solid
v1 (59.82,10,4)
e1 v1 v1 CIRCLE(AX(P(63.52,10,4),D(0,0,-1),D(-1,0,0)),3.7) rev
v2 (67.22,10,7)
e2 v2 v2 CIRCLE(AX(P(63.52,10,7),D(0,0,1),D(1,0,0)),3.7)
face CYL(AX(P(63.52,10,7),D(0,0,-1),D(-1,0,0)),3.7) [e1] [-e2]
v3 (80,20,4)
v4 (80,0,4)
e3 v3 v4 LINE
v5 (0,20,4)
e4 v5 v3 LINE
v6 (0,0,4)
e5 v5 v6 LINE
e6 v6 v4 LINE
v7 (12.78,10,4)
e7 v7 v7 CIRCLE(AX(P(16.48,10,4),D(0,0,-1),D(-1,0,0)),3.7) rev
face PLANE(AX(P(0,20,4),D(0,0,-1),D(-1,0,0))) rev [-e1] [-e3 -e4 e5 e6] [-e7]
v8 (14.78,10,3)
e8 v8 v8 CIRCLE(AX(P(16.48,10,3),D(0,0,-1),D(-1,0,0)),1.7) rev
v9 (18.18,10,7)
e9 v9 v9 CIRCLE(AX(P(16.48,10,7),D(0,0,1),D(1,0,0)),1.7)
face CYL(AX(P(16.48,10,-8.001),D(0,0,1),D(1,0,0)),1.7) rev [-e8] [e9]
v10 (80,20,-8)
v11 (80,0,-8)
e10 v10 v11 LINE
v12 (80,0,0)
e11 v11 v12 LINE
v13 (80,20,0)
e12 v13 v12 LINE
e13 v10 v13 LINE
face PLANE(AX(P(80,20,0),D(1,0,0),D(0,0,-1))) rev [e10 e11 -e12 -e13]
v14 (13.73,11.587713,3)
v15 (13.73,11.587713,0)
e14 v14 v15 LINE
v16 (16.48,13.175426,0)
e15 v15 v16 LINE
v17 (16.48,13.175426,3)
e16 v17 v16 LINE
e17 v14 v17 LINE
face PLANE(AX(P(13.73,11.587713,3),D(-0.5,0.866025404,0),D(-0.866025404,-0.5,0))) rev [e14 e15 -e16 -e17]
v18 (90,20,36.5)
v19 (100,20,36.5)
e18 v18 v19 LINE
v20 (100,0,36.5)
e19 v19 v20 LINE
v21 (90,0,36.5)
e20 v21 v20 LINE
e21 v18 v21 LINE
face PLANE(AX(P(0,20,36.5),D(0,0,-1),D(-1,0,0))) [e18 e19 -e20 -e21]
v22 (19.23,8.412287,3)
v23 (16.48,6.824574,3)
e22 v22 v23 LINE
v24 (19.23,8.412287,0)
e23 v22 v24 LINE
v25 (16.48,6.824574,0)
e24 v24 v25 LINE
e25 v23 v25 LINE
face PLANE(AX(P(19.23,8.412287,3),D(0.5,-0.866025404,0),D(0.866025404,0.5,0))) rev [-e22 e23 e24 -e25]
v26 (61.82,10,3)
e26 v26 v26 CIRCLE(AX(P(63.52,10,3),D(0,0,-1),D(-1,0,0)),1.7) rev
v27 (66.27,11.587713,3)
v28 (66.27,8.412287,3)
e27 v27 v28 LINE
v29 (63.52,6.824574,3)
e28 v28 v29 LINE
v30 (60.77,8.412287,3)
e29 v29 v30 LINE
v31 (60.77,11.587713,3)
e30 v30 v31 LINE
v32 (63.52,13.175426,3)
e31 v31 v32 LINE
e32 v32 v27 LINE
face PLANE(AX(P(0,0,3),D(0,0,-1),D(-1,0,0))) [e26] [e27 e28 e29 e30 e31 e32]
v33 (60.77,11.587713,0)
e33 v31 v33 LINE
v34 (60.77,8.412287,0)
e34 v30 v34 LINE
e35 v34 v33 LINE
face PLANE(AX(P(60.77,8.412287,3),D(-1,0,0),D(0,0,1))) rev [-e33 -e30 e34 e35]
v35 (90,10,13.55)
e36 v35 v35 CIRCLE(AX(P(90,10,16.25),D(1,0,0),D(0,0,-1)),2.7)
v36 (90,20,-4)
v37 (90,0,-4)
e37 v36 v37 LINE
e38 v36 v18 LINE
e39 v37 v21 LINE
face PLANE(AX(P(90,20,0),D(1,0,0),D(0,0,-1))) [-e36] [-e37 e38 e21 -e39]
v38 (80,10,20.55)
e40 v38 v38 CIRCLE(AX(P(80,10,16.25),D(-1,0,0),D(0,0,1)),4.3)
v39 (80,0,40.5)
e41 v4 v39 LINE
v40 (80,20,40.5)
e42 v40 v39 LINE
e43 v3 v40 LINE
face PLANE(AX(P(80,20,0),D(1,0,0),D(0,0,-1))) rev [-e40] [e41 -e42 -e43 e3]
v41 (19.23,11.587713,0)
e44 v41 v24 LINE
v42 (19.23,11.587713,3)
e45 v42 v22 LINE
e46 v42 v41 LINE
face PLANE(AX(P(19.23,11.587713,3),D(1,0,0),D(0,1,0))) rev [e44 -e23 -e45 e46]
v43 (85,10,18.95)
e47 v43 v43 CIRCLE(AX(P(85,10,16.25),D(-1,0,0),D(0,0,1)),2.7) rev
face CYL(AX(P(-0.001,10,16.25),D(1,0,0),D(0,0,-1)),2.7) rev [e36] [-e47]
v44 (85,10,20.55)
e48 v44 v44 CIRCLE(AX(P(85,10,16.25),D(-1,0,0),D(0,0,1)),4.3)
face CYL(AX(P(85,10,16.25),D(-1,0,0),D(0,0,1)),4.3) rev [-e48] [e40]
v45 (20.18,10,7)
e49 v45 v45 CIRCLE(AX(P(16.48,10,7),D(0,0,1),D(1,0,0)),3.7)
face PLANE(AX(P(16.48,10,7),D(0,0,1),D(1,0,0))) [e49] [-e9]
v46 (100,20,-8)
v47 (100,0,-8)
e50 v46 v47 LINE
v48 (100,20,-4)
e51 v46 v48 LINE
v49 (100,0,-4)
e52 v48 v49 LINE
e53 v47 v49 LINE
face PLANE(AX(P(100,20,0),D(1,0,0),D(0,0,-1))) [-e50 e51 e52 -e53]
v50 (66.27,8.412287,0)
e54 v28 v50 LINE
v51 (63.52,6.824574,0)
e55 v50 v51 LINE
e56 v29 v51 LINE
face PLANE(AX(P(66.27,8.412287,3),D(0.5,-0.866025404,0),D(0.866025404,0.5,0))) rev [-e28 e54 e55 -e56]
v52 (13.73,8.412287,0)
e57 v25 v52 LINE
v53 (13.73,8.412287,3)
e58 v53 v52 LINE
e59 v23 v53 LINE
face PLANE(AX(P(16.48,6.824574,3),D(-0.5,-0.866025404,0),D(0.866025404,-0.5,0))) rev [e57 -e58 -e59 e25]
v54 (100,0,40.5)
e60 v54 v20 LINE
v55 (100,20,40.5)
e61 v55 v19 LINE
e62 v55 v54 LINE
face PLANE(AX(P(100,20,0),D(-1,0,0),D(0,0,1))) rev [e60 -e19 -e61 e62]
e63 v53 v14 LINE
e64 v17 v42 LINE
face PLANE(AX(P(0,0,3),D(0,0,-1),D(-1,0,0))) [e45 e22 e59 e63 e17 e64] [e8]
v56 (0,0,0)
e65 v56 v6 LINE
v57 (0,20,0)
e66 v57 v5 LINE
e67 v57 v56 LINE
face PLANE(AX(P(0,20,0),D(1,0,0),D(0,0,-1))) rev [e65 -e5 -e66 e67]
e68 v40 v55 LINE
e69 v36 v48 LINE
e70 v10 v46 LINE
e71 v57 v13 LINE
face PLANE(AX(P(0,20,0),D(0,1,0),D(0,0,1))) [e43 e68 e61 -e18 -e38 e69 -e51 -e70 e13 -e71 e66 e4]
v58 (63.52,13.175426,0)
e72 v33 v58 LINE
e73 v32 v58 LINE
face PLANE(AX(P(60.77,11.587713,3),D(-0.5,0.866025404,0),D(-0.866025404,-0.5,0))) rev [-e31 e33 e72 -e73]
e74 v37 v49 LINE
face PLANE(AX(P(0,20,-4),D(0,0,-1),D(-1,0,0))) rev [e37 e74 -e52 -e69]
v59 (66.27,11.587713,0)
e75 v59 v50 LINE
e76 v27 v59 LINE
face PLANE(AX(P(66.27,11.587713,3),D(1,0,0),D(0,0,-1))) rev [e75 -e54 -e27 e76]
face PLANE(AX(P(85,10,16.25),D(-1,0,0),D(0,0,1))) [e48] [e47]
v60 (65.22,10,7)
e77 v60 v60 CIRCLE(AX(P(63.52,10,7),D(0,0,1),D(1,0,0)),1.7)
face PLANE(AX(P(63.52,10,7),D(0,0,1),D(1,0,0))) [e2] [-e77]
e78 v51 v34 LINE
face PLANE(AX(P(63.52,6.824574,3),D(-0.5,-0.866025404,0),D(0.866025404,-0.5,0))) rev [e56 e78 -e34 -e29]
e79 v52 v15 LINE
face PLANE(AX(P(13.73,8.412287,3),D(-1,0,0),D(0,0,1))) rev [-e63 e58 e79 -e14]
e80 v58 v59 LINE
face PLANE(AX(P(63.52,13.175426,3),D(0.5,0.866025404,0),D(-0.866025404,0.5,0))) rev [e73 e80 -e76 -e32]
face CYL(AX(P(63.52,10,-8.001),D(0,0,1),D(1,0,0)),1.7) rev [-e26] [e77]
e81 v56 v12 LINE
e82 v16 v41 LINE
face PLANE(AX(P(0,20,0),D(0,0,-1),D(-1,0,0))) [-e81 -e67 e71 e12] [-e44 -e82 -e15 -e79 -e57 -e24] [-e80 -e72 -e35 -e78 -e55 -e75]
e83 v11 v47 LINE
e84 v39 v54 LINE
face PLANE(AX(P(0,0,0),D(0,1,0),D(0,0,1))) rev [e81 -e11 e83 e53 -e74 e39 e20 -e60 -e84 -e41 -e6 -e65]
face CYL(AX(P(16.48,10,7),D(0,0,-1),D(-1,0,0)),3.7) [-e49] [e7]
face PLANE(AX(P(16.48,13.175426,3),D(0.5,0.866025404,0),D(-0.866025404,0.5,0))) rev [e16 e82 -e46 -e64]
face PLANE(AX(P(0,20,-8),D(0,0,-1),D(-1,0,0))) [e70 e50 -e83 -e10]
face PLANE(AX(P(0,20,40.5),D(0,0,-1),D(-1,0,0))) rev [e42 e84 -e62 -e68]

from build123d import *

# Parameters (mm, degrees)
SKETCH1_W           = 80
SKETCH1_H           = 4
SKETCH1_W_2         = 10
BOSS_EXTRUDE1_DEPTH = 20
CUT_EXTRUDE2_REACH  = 92
SKETCH2_R           = 2.7
CUT_EXTRUDE3_REACH  = 14
SKETCH4_R           = 1.7
SKETCH5_R           = 3.7
SKETCH5_R_2         = 1.7
BOSS_EXTRUDE2_DEPTH = 3
SKETCH6_R           = 4.3
CUT_EXTRUDE4_DEPTH  = 5
CUT_EXTRUDE5_DEPTH  = 3


with BuildPart() as part:
    # Sketch1 → Boss-Extrude1 (new body)
    with BuildSketch(Plane(origin=(0, 0, 0), x_dir=(1, 0, 0), z_dir=(0, 1, 0))):
        with Locations((40, -2)):
            Rectangle(SKETCH1_W, SKETCH1_H)
        Polygon((80, 8), (80, 0), (80, -4), (80, -40.5), (90, -40.5), (90, -36.5), (90, 4), (90, 8), align=None)
        with Locations((95, 6)):
            Rectangle(SKETCH1_W_2, SKETCH1_H)
        with Locations((95, -38.5)):
            Rectangle(SKETCH1_W_2, SKETCH1_H)
    extrude(amount=BOSS_EXTRUDE1_DEPTH)

    # Sketch2 → Cut-Extrude2 (cut, up to next)
    with BuildSketch(Plane(origin=(90, 0, 0), x_dir=(0, 0, -1), z_dir=(1, 0, 0)), mode=Mode.PRIVATE) as cut_extrude2_sk1:
        with Locations((-16.25, 10)):
            Circle(SKETCH2_R)
    cut_extrude2_tool1 = extrude(cut_extrude2_sk1.sketch, amount=-CUT_EXTRUDE2_REACH, mode=Mode.PRIVATE) & part.part
    add(cut_extrude2_tool1.solids().sort_by_distance((90, 10, 16.25))[0], mode=Mode.SUBTRACT)

    # Sketch4 → Cut-Extrude3 (cut, up to next)
    with BuildSketch(Plane.XY.offset(4), mode=Mode.PRIVATE) as cut_extrude3_sk1:
        with Locations((16.48, 10)):
            Circle(SKETCH4_R)
    cut_extrude3_tool1 = extrude(cut_extrude3_sk1.sketch, amount=-CUT_EXTRUDE3_REACH, mode=Mode.PRIVATE) & part.part
    add(cut_extrude3_tool1.solids().sort_by_distance((16.48, 10, 4))[0], mode=Mode.SUBTRACT)
    # Sketch4 → Cut-Extrude3 (cut, up to next)
    with BuildSketch(Plane.XY.offset(4), mode=Mode.PRIVATE) as cut_extrude3_sk2:
        with Locations((63.52, 10)):
            Circle(SKETCH4_R)
    cut_extrude3_tool2 = extrude(cut_extrude3_sk2.sketch, amount=-CUT_EXTRUDE3_REACH, mode=Mode.PRIVATE) & part.part
    add(cut_extrude3_tool2.solids().sort_by_distance((63.52, 10, 4))[0], mode=Mode.SUBTRACT)

    # Sketch5 → Boss-Extrude2 (add)
    with BuildSketch(Plane.XY.offset(4)):
        with Locations((16.48, 10)):
            Circle(SKETCH5_R)
        with Locations((16.48, 10)):
            Circle(SKETCH5_R_2, mode=Mode.SUBTRACT)
        with Locations((63.52, 10)):
            Circle(SKETCH5_R)
        with Locations((63.52, 10)):
            Circle(SKETCH5_R_2, mode=Mode.SUBTRACT)
    extrude(amount=BOSS_EXTRUDE2_DEPTH)

    # Sketch6 → Cut-Extrude4 (cut)
    with BuildSketch(Plane.ZY.offset(-80)):
        with Locations((16.25, 10)):
            Circle(SKETCH6_R)
    extrude(amount=-CUT_EXTRUDE4_DEPTH, mode=Mode.SUBTRACT)

    # Sketch7 → Cut-Extrude5 (cut)
    with BuildSketch(Plane(origin=(0, 0, 0), x_dir=(-1, 0, 0), z_dir=(0, 0, -1))):
        Polygon((-60.77, 8.41228676), (-60.77, 11.58771324), (-63.52, 13.175426481), (-66.27, 11.58771324), (-66.27, 8.41228676), (-63.52, 6.824573519), align=None)
        Polygon((-13.73, 8.41228676), (-13.73, 11.58771324), (-16.48, 13.175426481), (-19.23, 11.58771324), (-19.23, 8.41228676), (-16.48, 6.824573519), align=None)
    extrude(amount=-CUT_EXTRUDE5_DEPTH, mode=Mode.SUBTRACT)


solid = part.part
